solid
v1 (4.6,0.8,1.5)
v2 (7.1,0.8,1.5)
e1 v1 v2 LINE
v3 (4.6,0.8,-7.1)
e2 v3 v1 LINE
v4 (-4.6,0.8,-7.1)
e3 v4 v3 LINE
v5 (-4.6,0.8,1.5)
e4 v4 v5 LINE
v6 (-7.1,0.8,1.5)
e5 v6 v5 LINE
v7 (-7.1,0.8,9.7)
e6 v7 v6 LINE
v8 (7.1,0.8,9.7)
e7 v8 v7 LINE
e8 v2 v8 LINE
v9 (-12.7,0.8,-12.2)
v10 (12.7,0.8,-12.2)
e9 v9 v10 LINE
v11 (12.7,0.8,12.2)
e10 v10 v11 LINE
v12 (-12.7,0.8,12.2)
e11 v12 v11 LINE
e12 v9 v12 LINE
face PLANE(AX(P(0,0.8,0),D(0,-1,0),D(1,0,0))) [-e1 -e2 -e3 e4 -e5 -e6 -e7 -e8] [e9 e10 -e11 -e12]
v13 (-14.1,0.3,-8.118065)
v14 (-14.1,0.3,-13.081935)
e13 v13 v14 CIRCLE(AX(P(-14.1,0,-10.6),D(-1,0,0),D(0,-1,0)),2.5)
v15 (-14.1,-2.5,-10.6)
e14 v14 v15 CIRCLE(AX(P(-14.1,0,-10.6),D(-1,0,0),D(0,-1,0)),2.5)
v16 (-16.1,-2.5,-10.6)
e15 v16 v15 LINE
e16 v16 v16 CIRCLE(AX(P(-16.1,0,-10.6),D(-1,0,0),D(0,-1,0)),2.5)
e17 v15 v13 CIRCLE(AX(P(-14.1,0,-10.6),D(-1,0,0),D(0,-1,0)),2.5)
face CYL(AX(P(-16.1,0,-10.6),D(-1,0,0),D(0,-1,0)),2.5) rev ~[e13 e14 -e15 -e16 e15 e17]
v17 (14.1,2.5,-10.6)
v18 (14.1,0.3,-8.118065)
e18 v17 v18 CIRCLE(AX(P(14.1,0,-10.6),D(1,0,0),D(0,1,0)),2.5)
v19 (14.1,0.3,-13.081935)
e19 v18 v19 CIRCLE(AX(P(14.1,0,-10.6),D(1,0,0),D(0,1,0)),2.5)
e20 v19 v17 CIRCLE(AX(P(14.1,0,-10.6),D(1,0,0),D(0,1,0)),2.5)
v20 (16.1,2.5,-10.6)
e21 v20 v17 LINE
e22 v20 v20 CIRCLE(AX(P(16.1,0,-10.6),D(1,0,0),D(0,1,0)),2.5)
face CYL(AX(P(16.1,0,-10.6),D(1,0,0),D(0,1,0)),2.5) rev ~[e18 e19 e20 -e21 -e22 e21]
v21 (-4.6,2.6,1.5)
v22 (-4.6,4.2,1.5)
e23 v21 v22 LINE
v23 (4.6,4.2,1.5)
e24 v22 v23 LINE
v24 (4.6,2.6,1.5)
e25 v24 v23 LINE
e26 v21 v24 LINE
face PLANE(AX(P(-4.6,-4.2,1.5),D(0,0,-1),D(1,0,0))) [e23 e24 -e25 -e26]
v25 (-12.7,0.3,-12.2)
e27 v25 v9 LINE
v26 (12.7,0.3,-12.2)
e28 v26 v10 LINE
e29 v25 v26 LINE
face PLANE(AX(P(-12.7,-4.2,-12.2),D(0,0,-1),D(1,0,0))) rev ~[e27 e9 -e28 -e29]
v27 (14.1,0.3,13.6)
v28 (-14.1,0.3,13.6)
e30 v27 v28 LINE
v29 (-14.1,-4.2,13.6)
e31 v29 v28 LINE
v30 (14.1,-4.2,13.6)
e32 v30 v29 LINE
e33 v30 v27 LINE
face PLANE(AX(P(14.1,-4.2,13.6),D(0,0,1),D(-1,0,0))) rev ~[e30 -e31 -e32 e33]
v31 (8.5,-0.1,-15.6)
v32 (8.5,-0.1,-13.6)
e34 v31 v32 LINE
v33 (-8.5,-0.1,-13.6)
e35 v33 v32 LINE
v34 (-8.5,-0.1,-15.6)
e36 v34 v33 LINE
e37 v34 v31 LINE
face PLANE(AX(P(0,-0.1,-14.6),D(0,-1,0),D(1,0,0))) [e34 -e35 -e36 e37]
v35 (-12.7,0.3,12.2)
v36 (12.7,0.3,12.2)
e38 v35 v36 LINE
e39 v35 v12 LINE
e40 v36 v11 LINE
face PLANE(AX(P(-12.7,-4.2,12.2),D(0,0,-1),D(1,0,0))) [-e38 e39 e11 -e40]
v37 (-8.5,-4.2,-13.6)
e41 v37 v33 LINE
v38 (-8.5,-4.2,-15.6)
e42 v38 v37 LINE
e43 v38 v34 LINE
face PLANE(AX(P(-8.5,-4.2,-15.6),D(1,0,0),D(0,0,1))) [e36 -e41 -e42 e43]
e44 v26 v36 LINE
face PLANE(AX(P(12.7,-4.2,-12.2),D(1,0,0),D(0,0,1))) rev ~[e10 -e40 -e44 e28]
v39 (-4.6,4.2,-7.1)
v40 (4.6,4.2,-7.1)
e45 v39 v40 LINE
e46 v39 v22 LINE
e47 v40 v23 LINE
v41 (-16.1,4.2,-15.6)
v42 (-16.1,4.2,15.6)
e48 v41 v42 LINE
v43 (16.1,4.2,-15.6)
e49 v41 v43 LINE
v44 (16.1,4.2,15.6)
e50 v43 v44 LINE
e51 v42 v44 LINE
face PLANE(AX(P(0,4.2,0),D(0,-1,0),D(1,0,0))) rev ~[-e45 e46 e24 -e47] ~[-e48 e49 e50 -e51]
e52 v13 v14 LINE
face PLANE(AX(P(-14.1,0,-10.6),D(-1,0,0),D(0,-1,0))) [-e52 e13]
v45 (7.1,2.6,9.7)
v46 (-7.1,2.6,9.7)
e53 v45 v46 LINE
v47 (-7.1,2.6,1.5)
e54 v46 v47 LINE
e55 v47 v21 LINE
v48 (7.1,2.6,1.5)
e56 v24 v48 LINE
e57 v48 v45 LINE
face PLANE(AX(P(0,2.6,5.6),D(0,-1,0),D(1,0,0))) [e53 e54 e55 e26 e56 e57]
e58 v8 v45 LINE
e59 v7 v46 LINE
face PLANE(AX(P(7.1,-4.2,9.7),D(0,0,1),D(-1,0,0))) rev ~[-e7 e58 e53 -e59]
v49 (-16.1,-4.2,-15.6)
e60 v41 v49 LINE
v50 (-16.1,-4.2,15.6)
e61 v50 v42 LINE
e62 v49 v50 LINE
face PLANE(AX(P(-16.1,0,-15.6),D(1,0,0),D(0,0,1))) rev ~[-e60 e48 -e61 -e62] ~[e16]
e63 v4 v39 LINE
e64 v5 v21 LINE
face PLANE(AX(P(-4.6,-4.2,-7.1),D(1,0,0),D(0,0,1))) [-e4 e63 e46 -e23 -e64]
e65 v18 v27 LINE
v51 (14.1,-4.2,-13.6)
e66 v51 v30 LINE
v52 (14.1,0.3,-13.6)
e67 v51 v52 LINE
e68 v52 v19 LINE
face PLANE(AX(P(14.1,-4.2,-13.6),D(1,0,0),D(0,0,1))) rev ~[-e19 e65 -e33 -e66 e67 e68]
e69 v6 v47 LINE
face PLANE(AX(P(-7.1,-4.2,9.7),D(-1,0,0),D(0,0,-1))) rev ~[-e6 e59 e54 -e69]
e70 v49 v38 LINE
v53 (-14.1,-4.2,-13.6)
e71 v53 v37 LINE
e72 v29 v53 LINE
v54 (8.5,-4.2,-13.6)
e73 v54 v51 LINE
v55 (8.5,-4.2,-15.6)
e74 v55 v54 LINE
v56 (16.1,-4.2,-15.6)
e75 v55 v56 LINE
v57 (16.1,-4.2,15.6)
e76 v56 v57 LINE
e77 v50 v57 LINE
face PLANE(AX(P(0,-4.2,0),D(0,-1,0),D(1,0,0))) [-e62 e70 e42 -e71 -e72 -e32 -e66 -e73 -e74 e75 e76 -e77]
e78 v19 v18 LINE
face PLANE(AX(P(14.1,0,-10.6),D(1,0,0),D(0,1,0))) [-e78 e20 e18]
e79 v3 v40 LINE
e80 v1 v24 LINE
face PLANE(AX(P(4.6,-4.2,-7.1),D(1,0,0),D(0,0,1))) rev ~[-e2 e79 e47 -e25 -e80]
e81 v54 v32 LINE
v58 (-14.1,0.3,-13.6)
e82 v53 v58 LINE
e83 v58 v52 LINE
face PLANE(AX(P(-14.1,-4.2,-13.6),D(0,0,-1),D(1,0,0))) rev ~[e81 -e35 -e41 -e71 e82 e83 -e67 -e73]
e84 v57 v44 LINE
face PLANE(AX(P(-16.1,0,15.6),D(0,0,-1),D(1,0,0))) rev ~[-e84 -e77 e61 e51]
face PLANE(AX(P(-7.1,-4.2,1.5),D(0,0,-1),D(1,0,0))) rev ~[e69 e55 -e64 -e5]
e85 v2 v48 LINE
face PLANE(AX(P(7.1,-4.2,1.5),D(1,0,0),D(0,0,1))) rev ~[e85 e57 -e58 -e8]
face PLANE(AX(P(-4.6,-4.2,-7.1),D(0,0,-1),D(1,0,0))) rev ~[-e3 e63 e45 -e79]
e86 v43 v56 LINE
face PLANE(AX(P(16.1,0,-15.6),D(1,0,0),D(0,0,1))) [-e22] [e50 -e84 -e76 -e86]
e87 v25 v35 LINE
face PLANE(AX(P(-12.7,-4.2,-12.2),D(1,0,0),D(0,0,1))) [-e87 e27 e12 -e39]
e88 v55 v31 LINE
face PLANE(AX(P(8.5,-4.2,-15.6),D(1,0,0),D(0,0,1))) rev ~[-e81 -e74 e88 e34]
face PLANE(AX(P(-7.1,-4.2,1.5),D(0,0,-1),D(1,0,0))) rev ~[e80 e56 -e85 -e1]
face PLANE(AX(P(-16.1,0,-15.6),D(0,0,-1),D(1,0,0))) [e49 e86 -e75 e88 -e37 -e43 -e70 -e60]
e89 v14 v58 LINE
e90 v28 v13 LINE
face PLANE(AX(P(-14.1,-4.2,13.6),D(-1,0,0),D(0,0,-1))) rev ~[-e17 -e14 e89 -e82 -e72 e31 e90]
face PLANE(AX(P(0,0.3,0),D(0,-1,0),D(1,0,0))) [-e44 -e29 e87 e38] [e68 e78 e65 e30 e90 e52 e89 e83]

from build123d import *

# Parameters (mm, degrees)
F0_W      = 32.2
F0_H      = 31.2
F1_DEPTH  = 4.2
F2_W      = 9.2
F2_H      = 8.6
F3_DEPTH  = 8.4
F2_W_2    = 25.4
F2_H_2    = 24.4
F4_DEPTH  = 4.5
F5_DEPTH  = 5
F2_W_3    = 17
F2_H_3    = 2
F6_DEPTH  = 4.1
F7_DEPTH  = 6.8
F8_R      = 2.5
F9_DEPTH  = 2
F10_R     = 2.5
F11_DEPTH = 2


with BuildPart() as f1:
    # F0 (on Front) → F1 (new body, symmetric)
    with BuildSketch(Plane.XZ):
        Rectangle(F0_W, F0_H)
    extrude(amount=F1_DEPTH, both=True)

    # F2 (on face) → F3 (cut, through all)
    with BuildSketch(Plane.XZ.offset(4.2)):
        with Locations((0, -2.8)):
            Rectangle(F2_W, F2_H)
    extrude(amount=-F3_DEPTH, mode=Mode.SUBTRACT)

    # F2 (on face) → F4 (cut)
    with BuildSketch(Plane.XZ.offset(4.2)):
        Polygon((14.1, -13.6), (14.1, 13.6), (-14.1, 13.6), (-14.1, -13.6), (-8.5, -13.6), (8.5, -13.6), align=None)
        Rectangle(F2_W_2, F2_H_2, mode=Mode.SUBTRACT)
    extrude(amount=-F4_DEPTH, mode=Mode.SUBTRACT)

    # F5 (cut): a face of the model
    f5_faces = [f1.faces().sort_by_distance(p)[0] for p in [
        (-12.3477898355, -4.2, 0),
    ]]
    extrude(f5_faces, amount=-F5_DEPTH, mode=Mode.SUBTRACT)

    # F2 (on face) → F6 (cut)
    with BuildSketch(Plane.XZ.offset(4.2)):
        with Locations((0, -14.6)):
            Rectangle(F2_W_3, F2_H_3)
    extrude(amount=-F6_DEPTH, mode=Mode.SUBTRACT)

    # F2 (on face) → F7 (cut)
    with BuildSketch(Plane.XZ.offset(4.2)):
        Polygon((-7.1, 1.5), (-4.6, 1.5), (4.6, 1.5), (7.1, 1.5), (7.1, 9.7), (-7.1, 9.7), align=None)
    extrude(amount=-F7_DEPTH, mode=Mode.SUBTRACT)

    # F8 (on face) → F9 (cut)
    with BuildSketch(Plane.YZ.offset(16.1)):
        with Locations((0, -10.6)):
            Circle(F8_R)
    extrude(amount=-F9_DEPTH, mode=Mode.SUBTRACT)

    # F10 (on face) → F11 (cut)
    with BuildSketch(Plane(origin=(-16.1, 0, 0), x_dir=(0, -1, 0), z_dir=(-1, 0, 0))):
        with Locations((0, -10.6)):
            Circle(F10_R)
    extrude(amount=-F11_DEPTH, mode=Mode.SUBTRACT)


solid = f1.part
